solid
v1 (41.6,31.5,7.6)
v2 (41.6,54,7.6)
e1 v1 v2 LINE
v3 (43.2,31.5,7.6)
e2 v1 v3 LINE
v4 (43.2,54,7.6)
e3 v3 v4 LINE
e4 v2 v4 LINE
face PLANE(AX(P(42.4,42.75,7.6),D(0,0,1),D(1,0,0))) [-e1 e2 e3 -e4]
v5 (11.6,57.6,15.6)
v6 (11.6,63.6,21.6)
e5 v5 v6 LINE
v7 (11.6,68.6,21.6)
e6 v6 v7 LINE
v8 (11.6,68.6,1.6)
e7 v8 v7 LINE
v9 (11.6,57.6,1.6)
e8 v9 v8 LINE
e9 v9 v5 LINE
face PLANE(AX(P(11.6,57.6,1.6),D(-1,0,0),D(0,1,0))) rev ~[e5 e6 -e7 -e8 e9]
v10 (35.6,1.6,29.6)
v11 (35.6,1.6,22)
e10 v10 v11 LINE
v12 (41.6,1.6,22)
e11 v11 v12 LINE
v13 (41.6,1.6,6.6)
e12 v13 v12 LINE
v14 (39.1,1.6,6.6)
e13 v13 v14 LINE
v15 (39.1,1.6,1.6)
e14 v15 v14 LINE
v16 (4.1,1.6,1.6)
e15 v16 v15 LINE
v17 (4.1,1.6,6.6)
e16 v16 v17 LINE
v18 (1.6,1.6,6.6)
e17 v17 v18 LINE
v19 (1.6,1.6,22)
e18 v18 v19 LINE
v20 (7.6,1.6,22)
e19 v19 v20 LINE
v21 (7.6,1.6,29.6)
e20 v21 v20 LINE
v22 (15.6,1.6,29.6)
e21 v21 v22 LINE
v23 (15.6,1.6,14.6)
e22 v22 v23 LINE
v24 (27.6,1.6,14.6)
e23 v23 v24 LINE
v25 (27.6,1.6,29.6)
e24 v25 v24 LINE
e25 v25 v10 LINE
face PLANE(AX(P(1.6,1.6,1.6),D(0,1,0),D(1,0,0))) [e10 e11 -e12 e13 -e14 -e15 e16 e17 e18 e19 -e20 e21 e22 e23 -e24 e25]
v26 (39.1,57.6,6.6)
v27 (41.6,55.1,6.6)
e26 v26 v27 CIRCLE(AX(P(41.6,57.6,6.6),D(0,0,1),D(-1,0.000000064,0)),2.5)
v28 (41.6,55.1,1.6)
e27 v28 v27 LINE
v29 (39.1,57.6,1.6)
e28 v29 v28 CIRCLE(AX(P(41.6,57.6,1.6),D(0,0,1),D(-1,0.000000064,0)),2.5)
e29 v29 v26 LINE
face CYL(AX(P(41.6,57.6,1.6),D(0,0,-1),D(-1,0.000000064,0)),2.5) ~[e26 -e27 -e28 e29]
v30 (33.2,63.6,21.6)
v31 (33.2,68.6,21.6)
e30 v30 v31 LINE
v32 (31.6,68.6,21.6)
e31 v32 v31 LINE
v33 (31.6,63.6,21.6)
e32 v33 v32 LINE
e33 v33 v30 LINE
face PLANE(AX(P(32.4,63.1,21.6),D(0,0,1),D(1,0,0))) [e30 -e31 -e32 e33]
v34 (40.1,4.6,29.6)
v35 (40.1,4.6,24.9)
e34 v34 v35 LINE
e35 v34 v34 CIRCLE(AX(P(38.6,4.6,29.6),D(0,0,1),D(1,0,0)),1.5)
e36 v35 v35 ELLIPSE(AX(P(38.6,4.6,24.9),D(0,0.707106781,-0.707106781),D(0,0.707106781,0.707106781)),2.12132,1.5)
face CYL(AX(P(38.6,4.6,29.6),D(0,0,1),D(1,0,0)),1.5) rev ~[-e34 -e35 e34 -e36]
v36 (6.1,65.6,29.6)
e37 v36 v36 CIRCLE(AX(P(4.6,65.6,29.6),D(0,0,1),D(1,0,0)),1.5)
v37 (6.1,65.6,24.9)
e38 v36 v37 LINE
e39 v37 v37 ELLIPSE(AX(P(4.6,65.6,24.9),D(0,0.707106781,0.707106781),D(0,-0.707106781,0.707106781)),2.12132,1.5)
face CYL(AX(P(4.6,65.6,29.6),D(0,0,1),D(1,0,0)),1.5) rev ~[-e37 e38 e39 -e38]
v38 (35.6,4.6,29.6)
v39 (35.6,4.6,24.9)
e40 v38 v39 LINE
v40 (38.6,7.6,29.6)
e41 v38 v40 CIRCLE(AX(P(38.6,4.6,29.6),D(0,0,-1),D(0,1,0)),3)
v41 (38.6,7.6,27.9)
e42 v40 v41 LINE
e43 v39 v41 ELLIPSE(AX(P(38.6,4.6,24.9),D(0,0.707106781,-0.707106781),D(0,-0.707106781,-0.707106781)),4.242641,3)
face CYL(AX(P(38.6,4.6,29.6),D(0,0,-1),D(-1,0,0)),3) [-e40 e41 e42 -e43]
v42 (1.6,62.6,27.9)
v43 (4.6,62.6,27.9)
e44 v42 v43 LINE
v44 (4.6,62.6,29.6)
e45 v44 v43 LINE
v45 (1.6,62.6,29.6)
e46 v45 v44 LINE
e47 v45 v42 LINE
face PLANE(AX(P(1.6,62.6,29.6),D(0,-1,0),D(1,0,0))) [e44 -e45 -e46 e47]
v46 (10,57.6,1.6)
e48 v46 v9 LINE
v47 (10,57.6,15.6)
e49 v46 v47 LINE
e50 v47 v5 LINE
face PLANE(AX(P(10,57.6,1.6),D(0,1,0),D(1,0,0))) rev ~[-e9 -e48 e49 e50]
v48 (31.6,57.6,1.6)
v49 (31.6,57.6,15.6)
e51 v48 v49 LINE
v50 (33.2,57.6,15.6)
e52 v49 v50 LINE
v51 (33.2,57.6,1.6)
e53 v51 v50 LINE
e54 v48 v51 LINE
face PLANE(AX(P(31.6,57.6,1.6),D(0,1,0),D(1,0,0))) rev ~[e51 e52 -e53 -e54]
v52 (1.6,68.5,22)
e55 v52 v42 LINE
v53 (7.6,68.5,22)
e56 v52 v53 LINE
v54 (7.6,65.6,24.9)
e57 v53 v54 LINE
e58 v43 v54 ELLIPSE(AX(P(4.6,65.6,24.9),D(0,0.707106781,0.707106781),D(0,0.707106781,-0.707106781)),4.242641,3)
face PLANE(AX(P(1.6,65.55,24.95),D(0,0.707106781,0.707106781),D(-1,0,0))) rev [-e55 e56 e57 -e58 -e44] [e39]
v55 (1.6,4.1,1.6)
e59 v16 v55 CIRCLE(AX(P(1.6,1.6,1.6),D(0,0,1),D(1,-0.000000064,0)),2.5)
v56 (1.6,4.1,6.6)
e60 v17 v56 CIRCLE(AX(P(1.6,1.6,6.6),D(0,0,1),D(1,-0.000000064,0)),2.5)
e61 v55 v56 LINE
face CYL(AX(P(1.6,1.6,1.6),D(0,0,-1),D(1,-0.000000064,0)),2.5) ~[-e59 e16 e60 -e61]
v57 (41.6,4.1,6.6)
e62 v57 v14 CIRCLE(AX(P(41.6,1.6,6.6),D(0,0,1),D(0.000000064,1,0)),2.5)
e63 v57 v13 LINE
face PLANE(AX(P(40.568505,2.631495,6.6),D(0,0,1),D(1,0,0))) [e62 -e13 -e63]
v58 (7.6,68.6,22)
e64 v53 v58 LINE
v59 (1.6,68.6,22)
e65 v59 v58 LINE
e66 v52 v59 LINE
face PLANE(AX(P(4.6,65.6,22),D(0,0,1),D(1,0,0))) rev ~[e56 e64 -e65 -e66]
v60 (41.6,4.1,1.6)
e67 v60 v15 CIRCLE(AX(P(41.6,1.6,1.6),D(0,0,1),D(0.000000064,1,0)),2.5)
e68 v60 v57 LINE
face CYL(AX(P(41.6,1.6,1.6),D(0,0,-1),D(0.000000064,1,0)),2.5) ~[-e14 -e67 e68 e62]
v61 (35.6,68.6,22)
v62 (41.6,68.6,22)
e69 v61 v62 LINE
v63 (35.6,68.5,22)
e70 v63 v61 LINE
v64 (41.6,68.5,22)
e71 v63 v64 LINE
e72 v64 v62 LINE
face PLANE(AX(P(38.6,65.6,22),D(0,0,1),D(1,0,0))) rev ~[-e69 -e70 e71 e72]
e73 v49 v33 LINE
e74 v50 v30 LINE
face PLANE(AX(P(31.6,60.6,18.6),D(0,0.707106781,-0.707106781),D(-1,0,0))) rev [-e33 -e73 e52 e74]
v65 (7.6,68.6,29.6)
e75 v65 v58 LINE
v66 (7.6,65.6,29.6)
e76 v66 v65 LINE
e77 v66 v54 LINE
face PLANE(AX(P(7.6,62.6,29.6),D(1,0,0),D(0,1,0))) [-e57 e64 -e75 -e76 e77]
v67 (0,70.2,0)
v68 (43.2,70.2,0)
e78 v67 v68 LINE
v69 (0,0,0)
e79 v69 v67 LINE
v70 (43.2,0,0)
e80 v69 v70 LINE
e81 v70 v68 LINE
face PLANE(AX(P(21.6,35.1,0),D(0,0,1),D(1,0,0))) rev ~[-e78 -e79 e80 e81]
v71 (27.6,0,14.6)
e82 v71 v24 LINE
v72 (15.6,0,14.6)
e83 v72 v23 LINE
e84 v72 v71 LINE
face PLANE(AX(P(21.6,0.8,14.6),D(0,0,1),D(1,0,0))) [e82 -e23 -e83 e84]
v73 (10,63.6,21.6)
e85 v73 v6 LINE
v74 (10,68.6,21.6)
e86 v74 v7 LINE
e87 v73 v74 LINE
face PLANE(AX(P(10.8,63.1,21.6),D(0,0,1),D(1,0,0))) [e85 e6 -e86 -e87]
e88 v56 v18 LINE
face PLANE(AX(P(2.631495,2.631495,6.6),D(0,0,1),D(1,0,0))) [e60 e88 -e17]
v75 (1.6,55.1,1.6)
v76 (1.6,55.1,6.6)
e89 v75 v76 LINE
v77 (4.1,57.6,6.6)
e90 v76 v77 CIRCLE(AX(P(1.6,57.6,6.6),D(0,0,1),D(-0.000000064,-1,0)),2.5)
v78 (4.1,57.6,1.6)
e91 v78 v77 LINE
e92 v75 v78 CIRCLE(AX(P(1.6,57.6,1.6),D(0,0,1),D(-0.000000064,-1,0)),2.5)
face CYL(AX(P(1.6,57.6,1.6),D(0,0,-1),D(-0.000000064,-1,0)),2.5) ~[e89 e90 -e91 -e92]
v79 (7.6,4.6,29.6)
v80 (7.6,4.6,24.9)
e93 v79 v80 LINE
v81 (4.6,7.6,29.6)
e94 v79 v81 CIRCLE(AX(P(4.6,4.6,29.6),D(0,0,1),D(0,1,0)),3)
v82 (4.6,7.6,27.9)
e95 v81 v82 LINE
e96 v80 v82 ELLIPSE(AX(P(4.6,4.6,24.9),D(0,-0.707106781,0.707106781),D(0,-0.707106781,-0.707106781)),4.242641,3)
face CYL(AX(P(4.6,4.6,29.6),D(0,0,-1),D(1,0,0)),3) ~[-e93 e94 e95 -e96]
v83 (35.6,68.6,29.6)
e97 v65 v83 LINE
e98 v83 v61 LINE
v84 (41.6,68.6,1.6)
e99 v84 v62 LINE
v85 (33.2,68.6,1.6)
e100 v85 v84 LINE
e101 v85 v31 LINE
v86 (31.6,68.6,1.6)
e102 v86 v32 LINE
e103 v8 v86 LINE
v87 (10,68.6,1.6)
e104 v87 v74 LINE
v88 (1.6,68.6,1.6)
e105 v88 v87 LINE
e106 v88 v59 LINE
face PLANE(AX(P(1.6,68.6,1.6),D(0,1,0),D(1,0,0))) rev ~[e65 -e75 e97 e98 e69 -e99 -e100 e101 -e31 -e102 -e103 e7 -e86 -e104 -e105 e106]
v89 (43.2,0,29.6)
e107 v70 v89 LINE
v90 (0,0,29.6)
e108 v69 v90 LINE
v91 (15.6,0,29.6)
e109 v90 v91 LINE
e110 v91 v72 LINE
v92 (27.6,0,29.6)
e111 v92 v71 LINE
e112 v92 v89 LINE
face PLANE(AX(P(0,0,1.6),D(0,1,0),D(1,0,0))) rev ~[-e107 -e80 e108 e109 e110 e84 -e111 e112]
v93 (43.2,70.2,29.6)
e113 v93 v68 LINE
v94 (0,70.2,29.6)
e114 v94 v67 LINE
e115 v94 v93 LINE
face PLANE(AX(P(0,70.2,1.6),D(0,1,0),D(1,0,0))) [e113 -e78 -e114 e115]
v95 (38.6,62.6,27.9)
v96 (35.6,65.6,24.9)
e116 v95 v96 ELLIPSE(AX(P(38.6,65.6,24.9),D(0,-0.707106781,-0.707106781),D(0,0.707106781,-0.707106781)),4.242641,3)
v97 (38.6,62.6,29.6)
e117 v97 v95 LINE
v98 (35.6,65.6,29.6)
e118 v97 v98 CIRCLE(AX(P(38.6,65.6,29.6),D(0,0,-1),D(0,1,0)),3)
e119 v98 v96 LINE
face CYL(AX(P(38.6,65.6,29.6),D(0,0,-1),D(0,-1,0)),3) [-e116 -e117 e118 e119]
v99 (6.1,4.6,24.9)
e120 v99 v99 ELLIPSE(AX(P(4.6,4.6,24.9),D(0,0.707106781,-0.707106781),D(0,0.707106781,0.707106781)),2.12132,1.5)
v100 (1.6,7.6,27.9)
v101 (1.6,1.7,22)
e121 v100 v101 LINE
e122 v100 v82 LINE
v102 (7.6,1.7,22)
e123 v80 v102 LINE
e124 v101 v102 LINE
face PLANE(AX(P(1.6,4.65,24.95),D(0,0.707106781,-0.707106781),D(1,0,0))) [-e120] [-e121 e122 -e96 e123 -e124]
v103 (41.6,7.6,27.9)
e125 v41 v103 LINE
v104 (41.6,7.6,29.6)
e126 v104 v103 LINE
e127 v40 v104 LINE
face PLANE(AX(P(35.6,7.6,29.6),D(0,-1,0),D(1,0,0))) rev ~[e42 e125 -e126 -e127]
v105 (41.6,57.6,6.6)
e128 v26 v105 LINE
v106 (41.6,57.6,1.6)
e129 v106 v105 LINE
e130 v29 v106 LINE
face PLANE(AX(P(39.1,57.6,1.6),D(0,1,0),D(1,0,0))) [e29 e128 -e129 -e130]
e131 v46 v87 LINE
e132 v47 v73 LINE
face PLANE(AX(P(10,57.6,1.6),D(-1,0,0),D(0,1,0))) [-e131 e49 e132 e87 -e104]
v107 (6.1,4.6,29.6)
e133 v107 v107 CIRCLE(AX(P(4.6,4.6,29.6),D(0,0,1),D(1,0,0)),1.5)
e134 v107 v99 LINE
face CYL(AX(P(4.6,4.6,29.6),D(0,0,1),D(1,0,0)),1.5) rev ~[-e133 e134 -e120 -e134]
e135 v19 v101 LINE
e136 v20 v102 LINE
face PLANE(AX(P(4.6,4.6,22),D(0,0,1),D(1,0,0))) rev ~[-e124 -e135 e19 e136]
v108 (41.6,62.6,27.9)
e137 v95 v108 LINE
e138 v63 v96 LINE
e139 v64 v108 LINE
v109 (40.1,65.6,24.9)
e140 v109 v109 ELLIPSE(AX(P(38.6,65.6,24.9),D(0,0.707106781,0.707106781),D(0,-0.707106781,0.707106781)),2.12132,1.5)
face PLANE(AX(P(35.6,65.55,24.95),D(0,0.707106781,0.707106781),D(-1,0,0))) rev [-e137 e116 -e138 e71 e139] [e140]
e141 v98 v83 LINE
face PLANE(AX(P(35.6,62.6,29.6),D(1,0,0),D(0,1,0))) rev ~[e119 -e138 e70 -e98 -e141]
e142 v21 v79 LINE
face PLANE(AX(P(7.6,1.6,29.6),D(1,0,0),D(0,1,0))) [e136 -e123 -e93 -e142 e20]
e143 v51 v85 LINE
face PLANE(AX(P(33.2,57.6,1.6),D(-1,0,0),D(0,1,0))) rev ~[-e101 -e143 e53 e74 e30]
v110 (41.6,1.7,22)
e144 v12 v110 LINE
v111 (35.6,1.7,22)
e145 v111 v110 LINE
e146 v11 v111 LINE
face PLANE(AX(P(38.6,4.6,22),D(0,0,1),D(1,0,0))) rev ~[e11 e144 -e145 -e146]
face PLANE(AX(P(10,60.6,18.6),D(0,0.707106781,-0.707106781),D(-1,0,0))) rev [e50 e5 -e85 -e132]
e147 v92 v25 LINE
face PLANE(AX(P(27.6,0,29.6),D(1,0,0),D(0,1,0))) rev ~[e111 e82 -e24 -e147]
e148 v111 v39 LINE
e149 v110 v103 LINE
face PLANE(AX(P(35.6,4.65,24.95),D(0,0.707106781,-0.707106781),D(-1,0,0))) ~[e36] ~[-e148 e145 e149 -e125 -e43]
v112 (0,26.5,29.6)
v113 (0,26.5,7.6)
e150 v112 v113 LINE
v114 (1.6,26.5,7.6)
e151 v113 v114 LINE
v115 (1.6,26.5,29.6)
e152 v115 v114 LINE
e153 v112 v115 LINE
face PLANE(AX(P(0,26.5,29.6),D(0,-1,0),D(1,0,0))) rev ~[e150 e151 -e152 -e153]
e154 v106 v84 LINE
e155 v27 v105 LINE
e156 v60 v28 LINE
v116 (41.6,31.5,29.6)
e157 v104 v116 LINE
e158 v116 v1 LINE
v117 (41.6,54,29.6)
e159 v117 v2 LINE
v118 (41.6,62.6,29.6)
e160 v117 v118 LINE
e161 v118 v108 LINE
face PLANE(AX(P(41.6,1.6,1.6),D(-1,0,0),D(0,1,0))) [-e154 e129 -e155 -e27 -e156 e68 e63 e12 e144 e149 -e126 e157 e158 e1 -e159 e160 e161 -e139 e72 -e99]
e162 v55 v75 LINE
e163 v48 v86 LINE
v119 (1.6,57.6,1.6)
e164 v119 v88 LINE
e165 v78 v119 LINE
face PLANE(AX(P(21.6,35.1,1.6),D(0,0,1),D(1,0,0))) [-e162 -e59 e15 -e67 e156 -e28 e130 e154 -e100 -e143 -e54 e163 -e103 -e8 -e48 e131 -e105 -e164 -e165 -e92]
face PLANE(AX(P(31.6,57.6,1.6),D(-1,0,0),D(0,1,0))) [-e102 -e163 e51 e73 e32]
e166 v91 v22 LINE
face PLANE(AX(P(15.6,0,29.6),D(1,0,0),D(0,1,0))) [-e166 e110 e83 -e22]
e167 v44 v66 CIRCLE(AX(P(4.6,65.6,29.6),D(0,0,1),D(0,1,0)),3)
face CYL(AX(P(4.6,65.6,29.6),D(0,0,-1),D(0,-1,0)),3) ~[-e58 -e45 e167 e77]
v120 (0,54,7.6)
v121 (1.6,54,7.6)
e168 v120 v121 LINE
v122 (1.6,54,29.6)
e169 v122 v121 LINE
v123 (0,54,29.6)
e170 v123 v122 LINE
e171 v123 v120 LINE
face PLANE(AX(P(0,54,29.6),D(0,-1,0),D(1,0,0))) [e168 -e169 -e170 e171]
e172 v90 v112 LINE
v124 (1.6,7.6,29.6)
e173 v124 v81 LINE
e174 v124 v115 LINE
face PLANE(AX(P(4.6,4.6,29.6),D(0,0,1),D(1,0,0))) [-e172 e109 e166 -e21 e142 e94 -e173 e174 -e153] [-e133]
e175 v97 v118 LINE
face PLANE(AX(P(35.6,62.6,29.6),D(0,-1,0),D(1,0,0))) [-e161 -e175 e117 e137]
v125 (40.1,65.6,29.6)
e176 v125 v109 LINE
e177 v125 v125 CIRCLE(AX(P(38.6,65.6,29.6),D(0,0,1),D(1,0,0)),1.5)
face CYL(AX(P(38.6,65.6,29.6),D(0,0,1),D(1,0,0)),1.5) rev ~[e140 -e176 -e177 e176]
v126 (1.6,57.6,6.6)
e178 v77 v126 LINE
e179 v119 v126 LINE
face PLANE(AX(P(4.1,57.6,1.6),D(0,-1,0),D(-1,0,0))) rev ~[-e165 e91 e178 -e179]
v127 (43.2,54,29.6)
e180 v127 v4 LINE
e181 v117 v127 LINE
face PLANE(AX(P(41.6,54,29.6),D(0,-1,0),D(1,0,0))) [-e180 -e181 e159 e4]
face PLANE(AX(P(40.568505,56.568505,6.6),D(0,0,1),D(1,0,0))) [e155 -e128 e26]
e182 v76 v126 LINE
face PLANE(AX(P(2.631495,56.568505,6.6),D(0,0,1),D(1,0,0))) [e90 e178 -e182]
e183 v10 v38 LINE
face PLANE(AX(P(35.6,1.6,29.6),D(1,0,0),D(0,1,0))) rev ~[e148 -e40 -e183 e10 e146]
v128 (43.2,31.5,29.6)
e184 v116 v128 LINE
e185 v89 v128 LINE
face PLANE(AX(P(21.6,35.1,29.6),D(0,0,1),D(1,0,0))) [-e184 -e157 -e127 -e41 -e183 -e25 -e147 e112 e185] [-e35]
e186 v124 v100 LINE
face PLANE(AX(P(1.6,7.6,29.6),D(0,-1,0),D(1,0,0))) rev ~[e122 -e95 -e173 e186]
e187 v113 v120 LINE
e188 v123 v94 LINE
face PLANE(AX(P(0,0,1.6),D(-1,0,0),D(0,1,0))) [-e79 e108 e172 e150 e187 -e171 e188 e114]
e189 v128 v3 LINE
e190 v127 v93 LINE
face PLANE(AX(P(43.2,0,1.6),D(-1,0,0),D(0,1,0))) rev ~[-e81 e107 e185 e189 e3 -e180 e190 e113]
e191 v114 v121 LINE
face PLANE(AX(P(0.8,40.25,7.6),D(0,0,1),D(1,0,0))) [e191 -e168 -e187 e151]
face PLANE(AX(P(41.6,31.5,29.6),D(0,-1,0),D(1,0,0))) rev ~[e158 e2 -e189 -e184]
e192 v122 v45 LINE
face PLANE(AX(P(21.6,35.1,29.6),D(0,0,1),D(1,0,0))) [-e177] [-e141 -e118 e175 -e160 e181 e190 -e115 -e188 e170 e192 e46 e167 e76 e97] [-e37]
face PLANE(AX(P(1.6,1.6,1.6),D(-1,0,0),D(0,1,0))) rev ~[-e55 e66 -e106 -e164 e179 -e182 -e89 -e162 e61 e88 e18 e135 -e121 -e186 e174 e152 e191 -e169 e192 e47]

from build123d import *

# Parameters (mm, degrees)
SKETCH_W        = 43.2
SKETCH_H        = 70.2
PAD_DEPTH       = 1.6
SKETCH001_W     = 43.2
SKETCH001_H     = 70.2
SKETCH001_W_2   = 40
SKETCH001_H_2   = 67
PAD001_DEPTH    = 28
PAD002_DEPTH    = 5
SKETCH003_W     = 1.6
SKETCH003_H     = 27.5
SKETCH003_H_2   = 22.5
POCKET_DEPTH    = 22
SKETCH004_W     = 1.6
SKETCH004_H     = 11
PAD003_DEPTH    = 20
SKETCH005_W     = 12
SKETCH005_H     = 1.6
POCKET001_DEPTH = 15
SKETCH006_W     = 6
SKETCH006_H     = 6
PAD004_DEPTH    = 7.6
CHAMFER_SIZE    = 5.9
SKETCH007_R     = 1.5
POCKET002_DEPTH = 10
FILLET_R        = 3
CHAMFER001_SIZE = 6


with BuildPart() as part:
    # Sketch → Pad (new body)
    with BuildSketch(Plane.XY):
        with Locations((21.6, 35.1)):
            Rectangle(SKETCH_W, SKETCH_H)
    extrude(amount=PAD_DEPTH)

    # Sketch001 (on Face6 of Pad) → Pad001 (join)
    with BuildSketch(Plane.XY.offset(1.6)):
        with Locations((21.6, 35.1)):
            Rectangle(SKETCH001_W, SKETCH001_H)
        with Locations((21.6, 35.1)):
            Rectangle(SKETCH001_W_2, SKETCH001_H_2, mode=Mode.SUBTRACT)
    extrude(amount=PAD001_DEPTH)

    # Sketch002 (on Face15 of Pad001) → Pad002 (join)
    with BuildSketch(Plane.XY.offset(1.6)):
        with BuildLine():
            ThreePointArc((4.1, 1.6), (3.367767, 3.367767), (1.6, 4.1))
            Line((1.6, 4.1), (1.6, 1.6))
            Line((4.1, 1.6), (1.6, 1.6))
        make_face()
        with BuildLine():
            ThreePointArc((41.6, 4.1), (39.832233, 3.367767), (39.1, 1.6))
            Line((41.6, 1.6), (39.1, 1.6))
            Line((41.6, 4.1), (41.6, 1.6))
        make_face()
        with BuildLine():
            ThreePointArc((1.6, 55.1), (3.367767, 55.832233), (4.1, 57.6))
            Line((4.1, 57.6), (1.6, 57.6))
            Line((1.6, 55.1), (1.6, 57.6))
        make_face()
        with BuildLine():
            ThreePointArc((39.1, 57.6), (39.832233, 55.832233), (41.6, 55.1))
            Line((41.6, 55.1), (41.6, 57.6))
            Line((39.1, 57.6), (41.6, 57.6))
        make_face()
    extrude(amount=PAD002_DEPTH)

    # Sketch003 (on Face9 of Pad002) → Pocket (cut)
    with BuildSketch(Plane.XY.offset(29.6)):
        with Locations((0.8, 40.25)):
            Rectangle(SKETCH003_W, SKETCH003_H)
        with Locations((42.4, 42.75)):
            Rectangle(SKETCH003_W, SKETCH003_H_2)
    extrude(amount=-POCKET_DEPTH, mode=Mode.SUBTRACT)

    # Sketch004 (on Face22 of Pocket) → Pad003 (join)
    with BuildSketch(Plane.XY.offset(1.6)):
        with Locations((10.8, 63.1)):
            Rectangle(SKETCH004_W, SKETCH004_H)
        with Locations((32.4, 63.1)):
            Rectangle(SKETCH004_W, SKETCH004_H)
    extrude(amount=PAD003_DEPTH)

    # Sketch005 (on Face9 of Pad003) → Pocket001 (cut)
    with BuildSketch(Plane.XY.offset(29.6)):
        with Locations((21.6, 0.8)):
            Rectangle(SKETCH005_W, SKETCH005_H)
    extrude(amount=-POCKET001_DEPTH, mode=Mode.SUBTRACT)

    # Sketch006 (on Face13 of Pocket001) → Pad004 (join)
    with BuildSketch(Plane.XY.offset(29.6)):
        with Locations((4.6, 4.6)):
            Rectangle(SKETCH006_W, SKETCH006_H)
        with Locations((38.6, 4.6)):
            Rectangle(SKETCH006_W, SKETCH006_H)
        with Locations((4.6, 65.6)):
            Rectangle(SKETCH006_W, SKETCH006_H)
        with Locations((38.6, 65.6)):
            Rectangle(SKETCH006_W, SKETCH006_H)
    extrude(amount=-PAD004_DEPTH)

    # Chamfer
    chamfer_edges = [part.edges().sort_by_distance(p)[0] for p in [
        (38.6, 62.6, 22),
        (4.6, 62.6, 22),
        (38.6, 7.6, 22),
        (4.6, 7.6, 22),
    ]]
    chamfer(chamfer_edges, length=CHAMFER_SIZE)

    # Sketch007 → Pocket002 (cut)
    with BuildSketch(Plane.XY.offset(29.6)):
        with Locations((4.6, 4.6)):
            Circle(SKETCH007_R)
        with Locations((38.6, 4.6)):
            Circle(SKETCH007_R)
        with Locations((4.6, 65.6)):
            Circle(SKETCH007_R)
        with Locations((38.6, 65.6)):
            Circle(SKETCH007_R)
    extrude(amount=-POCKET002_DEPTH, mode=Mode.SUBTRACT)

    # Fillet
    fillet_edges = [part.edges().sort_by_distance(p)[0] for p in [
        (7.6, 62.6, 28.75),
        (35.6, 62.6, 28.75),
        (7.6, 7.6, 28.75),
        (35.6, 7.6, 28.75),
    ]]
    fillet(fillet_edges, radius=FILLET_R)

    # Chamfer001
    chamfer001_edges = [part.edges().sort_by_distance(p)[0] for p in [
        (10.8, 57.6, 21.6),
        (32.4, 57.6, 21.6),
    ]]
    chamfer(chamfer001_edges, length=CHAMFER001_SIZE)


solid = part.part
